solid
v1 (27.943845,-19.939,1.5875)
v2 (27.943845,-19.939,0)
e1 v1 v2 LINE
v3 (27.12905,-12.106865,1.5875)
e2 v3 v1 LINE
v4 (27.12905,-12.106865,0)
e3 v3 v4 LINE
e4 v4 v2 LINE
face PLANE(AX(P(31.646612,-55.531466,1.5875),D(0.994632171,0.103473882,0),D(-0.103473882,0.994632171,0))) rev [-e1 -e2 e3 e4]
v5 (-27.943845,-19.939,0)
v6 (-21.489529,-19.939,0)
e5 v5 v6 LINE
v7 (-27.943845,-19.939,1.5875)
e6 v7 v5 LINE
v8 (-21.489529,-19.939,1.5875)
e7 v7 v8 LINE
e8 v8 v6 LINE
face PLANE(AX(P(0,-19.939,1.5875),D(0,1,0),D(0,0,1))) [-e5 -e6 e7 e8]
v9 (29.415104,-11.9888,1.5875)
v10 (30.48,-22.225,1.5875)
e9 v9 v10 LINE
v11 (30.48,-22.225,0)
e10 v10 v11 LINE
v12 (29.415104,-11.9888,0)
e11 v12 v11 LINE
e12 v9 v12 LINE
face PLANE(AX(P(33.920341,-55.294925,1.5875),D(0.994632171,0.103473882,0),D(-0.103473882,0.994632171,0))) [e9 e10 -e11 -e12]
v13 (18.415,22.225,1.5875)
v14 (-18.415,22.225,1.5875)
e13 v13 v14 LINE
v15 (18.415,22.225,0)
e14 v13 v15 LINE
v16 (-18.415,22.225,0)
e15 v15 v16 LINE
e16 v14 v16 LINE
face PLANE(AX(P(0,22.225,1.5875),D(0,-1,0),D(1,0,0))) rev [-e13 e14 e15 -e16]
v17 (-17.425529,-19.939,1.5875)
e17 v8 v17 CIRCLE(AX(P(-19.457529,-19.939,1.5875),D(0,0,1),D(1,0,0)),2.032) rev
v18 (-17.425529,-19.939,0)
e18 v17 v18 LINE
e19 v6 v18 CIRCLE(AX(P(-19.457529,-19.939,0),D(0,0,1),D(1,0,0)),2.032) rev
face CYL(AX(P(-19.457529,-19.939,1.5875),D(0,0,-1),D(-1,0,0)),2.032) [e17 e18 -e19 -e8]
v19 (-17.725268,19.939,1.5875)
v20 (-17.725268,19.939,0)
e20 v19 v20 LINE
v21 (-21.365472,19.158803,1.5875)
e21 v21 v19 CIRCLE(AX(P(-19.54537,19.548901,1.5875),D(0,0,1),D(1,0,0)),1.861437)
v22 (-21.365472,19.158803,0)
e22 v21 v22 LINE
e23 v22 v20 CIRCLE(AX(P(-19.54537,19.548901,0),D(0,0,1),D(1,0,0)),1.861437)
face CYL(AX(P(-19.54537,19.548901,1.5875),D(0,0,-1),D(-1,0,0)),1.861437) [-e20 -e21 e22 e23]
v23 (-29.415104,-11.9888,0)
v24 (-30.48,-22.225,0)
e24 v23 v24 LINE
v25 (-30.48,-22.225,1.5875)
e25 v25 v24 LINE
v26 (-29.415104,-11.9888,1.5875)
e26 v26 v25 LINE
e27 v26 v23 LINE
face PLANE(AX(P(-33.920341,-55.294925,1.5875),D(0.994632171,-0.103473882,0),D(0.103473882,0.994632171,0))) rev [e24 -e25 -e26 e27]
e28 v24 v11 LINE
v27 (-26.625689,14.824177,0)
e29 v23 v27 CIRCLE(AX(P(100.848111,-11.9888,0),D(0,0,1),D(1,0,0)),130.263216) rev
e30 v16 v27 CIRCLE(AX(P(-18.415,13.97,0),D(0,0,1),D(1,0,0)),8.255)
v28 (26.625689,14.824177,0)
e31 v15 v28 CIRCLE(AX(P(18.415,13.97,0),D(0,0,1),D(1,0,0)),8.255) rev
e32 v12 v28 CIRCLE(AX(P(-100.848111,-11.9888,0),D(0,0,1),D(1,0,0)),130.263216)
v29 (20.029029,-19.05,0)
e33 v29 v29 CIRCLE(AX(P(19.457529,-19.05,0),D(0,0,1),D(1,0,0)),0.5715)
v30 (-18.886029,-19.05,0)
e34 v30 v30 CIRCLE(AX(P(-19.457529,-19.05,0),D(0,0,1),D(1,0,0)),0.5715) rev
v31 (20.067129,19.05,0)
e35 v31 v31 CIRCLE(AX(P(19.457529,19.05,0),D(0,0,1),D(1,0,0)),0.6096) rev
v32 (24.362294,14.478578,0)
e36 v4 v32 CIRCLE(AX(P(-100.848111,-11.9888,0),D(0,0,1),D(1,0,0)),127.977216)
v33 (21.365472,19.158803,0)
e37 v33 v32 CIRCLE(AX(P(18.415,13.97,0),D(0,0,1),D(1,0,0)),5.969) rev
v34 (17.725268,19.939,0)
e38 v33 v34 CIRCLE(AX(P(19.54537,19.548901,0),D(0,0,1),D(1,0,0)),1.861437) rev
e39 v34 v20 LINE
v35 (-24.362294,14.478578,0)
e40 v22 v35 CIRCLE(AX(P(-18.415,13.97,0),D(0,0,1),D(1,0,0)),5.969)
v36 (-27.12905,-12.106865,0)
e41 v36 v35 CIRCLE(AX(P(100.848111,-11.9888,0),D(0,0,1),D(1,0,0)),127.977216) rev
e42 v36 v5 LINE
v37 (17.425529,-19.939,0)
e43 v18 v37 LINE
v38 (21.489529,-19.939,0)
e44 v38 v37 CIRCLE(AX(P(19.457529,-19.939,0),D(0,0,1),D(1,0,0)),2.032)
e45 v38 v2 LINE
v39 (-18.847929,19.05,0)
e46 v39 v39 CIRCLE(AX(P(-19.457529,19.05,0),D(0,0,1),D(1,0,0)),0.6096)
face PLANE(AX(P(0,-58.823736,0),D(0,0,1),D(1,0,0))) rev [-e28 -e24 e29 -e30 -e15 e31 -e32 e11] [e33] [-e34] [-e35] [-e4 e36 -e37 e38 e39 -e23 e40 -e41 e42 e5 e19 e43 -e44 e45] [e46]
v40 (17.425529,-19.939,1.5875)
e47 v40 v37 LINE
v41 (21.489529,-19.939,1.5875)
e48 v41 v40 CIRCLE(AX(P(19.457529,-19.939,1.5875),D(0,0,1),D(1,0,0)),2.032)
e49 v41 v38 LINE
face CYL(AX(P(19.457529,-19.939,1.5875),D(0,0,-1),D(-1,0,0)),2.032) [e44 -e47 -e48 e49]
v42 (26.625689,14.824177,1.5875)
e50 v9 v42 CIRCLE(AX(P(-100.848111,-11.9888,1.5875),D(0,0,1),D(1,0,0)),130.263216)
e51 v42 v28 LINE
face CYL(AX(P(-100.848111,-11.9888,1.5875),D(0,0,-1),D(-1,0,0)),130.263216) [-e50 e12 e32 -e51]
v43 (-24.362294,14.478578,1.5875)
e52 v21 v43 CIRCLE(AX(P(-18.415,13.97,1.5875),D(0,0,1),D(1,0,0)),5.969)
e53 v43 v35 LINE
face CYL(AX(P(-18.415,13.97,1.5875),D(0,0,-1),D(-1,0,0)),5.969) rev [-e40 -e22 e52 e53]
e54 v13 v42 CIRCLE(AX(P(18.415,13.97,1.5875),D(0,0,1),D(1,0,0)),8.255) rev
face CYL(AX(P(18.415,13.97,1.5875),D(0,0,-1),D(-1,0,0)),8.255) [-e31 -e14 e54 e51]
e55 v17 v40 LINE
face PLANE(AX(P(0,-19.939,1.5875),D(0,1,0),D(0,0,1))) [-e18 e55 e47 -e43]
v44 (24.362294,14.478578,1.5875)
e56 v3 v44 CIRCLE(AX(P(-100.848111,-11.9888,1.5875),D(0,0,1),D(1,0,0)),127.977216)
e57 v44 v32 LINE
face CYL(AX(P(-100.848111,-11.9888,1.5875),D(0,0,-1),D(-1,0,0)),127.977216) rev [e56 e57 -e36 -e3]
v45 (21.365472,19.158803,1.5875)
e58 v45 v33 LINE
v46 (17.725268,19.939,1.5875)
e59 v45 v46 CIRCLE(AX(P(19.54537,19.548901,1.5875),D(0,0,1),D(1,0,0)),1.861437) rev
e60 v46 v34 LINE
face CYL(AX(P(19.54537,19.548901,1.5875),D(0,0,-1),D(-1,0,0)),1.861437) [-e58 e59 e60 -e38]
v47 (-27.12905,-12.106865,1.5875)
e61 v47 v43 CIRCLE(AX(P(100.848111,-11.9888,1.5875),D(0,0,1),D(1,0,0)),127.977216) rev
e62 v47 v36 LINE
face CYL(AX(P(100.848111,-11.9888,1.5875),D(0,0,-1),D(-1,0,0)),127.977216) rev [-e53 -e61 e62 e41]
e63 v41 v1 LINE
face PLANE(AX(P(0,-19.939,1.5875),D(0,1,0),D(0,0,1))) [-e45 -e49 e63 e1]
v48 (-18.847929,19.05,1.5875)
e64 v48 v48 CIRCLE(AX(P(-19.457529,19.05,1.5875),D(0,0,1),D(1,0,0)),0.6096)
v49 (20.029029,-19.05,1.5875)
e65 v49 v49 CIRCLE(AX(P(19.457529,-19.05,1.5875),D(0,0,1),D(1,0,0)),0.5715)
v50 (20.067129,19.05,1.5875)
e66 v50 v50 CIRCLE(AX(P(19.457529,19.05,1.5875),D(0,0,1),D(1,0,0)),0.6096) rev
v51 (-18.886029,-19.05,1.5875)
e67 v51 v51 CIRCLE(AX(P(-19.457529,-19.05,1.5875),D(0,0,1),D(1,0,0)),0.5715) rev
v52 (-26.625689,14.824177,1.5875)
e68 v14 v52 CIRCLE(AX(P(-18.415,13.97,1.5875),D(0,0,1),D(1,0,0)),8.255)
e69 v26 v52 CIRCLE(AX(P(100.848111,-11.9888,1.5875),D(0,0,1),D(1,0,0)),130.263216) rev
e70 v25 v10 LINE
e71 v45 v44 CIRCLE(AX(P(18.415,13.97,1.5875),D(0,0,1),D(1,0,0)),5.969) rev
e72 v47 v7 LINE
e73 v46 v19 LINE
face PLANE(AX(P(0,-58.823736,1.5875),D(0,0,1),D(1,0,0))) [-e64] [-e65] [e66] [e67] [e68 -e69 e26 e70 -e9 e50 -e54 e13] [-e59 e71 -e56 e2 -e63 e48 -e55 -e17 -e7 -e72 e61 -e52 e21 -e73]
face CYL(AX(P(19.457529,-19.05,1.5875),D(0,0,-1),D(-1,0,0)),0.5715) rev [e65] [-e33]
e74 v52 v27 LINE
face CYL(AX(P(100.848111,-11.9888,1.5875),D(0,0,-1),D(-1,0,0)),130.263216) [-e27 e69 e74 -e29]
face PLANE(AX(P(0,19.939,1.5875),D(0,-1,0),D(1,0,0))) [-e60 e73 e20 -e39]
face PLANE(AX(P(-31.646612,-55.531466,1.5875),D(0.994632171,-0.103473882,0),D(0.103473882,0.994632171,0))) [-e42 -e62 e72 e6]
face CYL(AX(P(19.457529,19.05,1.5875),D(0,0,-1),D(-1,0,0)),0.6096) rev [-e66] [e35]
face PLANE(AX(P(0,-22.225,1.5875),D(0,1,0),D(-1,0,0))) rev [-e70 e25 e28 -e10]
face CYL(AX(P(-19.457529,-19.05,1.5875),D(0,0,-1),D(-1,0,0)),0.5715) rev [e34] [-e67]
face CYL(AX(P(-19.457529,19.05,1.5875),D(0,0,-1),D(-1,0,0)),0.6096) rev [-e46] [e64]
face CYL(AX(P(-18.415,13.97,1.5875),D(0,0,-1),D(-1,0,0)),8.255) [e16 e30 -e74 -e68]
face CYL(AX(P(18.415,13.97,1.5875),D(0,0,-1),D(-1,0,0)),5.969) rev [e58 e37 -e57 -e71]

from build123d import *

# Parameters (mm, degrees)
SKETCH1_R           = 0.6096
SKETCH1_R_2         = 0.5715
BOSS_EXTRUDE1_DEPTH = 1.5875


with BuildPart() as part:
    # Sketch1 → Boss-Extrude1 (new body)
    with BuildSketch(Plane.XY):
        with BuildLine():
            Line((30.48, -22.225), (29.415104476, -11.9888))
            ThreePointArc((29.415104476, -11.9888), (28.715873825, 1.490040556), (26.625688573, 14.824176893))
            ThreePointArc((26.625688573, 14.824176893), (23.941924767, 20.101731209), (18.415, 22.225))
            Line((18.415, 22.225), (-18.415, 22.225))
            ThreePointArc((-18.415, 22.225), (-23.941924767, 20.101731209), (-26.625688573, 14.824176893))
            ThreePointArc((-26.625688573, 14.824176893), (-28.715873825, 1.490040556), (-29.415104476, -11.9888))
            Line((-29.415104476, -11.9888), (-30.48, -22.225))
            Line((-30.48, -22.225), (30.48, -22.225))
        make_face()
        with BuildLine():
            ThreePointArc((17.725268352, 19.939), (19.155271645, 17.728799653), (21.365471992, 19.158802947))
            ThreePointArc((21.365471992, 19.158802947), (23.441797038, 17.188737724), (24.362294321, 14.478577686))
            ThreePointArc((24.362294321, 14.478577686), (26.441646573, 1.258286409), (27.129050016, -12.106865432))
            Line((27.129050016, -12.106865432), (27.943845061, -19.939))
            Line((27.943845061, -19.939), (21.489528855, -19.939))
            ThreePointArc((21.489528855, -19.939), (19.457528855, -17.907), (17.425528855, -19.939))
            Line((17.425528855, -19.939), (-17.425528855, -19.939))
            ThreePointArc((-17.425528855, -19.939), (-19.457528855, -17.907), (-21.489528855, -19.939))
            Line((-21.489528855, -19.939), (-27.943845061, -19.939))
            Line((-27.943845061, -19.939), (-27.129050016, -12.106865432))
            ThreePointArc((-27.129050016, -12.106865432), (-26.441646573, 1.258286409), (-24.362294321, 14.478577686))
            ThreePointArc((-24.362294321, 14.478577686), (-23.441797038, 17.188737724), (-21.365471992, 19.158802947))
            ThreePointArc((-21.365471992, 19.158802947), (-19.155271645, 17.728799653), (-17.725268352, 19.939))
            Line((-17.725268352, 19.939), (17.725268352, 19.939))
        make_face(mode=Mode.SUBTRACT)
        with Locations((19.457528855, 19.05)):
            Circle(SKETCH1_R, mode=Mode.SUBTRACT)
        with Locations((-19.457528855, 19.05)):
            Circle(SKETCH1_R, mode=Mode.SUBTRACT)
        with Locations((19.457528855, -19.05)):
            Circle(SKETCH1_R_2, mode=Mode.SUBTRACT)
        with Locations((-19.457528855, -19.05)):
            Circle(SKETCH1_R_2, mode=Mode.SUBTRACT)
    extrude(amount=BOSS_EXTRUDE1_DEPTH)


solid = part.part
